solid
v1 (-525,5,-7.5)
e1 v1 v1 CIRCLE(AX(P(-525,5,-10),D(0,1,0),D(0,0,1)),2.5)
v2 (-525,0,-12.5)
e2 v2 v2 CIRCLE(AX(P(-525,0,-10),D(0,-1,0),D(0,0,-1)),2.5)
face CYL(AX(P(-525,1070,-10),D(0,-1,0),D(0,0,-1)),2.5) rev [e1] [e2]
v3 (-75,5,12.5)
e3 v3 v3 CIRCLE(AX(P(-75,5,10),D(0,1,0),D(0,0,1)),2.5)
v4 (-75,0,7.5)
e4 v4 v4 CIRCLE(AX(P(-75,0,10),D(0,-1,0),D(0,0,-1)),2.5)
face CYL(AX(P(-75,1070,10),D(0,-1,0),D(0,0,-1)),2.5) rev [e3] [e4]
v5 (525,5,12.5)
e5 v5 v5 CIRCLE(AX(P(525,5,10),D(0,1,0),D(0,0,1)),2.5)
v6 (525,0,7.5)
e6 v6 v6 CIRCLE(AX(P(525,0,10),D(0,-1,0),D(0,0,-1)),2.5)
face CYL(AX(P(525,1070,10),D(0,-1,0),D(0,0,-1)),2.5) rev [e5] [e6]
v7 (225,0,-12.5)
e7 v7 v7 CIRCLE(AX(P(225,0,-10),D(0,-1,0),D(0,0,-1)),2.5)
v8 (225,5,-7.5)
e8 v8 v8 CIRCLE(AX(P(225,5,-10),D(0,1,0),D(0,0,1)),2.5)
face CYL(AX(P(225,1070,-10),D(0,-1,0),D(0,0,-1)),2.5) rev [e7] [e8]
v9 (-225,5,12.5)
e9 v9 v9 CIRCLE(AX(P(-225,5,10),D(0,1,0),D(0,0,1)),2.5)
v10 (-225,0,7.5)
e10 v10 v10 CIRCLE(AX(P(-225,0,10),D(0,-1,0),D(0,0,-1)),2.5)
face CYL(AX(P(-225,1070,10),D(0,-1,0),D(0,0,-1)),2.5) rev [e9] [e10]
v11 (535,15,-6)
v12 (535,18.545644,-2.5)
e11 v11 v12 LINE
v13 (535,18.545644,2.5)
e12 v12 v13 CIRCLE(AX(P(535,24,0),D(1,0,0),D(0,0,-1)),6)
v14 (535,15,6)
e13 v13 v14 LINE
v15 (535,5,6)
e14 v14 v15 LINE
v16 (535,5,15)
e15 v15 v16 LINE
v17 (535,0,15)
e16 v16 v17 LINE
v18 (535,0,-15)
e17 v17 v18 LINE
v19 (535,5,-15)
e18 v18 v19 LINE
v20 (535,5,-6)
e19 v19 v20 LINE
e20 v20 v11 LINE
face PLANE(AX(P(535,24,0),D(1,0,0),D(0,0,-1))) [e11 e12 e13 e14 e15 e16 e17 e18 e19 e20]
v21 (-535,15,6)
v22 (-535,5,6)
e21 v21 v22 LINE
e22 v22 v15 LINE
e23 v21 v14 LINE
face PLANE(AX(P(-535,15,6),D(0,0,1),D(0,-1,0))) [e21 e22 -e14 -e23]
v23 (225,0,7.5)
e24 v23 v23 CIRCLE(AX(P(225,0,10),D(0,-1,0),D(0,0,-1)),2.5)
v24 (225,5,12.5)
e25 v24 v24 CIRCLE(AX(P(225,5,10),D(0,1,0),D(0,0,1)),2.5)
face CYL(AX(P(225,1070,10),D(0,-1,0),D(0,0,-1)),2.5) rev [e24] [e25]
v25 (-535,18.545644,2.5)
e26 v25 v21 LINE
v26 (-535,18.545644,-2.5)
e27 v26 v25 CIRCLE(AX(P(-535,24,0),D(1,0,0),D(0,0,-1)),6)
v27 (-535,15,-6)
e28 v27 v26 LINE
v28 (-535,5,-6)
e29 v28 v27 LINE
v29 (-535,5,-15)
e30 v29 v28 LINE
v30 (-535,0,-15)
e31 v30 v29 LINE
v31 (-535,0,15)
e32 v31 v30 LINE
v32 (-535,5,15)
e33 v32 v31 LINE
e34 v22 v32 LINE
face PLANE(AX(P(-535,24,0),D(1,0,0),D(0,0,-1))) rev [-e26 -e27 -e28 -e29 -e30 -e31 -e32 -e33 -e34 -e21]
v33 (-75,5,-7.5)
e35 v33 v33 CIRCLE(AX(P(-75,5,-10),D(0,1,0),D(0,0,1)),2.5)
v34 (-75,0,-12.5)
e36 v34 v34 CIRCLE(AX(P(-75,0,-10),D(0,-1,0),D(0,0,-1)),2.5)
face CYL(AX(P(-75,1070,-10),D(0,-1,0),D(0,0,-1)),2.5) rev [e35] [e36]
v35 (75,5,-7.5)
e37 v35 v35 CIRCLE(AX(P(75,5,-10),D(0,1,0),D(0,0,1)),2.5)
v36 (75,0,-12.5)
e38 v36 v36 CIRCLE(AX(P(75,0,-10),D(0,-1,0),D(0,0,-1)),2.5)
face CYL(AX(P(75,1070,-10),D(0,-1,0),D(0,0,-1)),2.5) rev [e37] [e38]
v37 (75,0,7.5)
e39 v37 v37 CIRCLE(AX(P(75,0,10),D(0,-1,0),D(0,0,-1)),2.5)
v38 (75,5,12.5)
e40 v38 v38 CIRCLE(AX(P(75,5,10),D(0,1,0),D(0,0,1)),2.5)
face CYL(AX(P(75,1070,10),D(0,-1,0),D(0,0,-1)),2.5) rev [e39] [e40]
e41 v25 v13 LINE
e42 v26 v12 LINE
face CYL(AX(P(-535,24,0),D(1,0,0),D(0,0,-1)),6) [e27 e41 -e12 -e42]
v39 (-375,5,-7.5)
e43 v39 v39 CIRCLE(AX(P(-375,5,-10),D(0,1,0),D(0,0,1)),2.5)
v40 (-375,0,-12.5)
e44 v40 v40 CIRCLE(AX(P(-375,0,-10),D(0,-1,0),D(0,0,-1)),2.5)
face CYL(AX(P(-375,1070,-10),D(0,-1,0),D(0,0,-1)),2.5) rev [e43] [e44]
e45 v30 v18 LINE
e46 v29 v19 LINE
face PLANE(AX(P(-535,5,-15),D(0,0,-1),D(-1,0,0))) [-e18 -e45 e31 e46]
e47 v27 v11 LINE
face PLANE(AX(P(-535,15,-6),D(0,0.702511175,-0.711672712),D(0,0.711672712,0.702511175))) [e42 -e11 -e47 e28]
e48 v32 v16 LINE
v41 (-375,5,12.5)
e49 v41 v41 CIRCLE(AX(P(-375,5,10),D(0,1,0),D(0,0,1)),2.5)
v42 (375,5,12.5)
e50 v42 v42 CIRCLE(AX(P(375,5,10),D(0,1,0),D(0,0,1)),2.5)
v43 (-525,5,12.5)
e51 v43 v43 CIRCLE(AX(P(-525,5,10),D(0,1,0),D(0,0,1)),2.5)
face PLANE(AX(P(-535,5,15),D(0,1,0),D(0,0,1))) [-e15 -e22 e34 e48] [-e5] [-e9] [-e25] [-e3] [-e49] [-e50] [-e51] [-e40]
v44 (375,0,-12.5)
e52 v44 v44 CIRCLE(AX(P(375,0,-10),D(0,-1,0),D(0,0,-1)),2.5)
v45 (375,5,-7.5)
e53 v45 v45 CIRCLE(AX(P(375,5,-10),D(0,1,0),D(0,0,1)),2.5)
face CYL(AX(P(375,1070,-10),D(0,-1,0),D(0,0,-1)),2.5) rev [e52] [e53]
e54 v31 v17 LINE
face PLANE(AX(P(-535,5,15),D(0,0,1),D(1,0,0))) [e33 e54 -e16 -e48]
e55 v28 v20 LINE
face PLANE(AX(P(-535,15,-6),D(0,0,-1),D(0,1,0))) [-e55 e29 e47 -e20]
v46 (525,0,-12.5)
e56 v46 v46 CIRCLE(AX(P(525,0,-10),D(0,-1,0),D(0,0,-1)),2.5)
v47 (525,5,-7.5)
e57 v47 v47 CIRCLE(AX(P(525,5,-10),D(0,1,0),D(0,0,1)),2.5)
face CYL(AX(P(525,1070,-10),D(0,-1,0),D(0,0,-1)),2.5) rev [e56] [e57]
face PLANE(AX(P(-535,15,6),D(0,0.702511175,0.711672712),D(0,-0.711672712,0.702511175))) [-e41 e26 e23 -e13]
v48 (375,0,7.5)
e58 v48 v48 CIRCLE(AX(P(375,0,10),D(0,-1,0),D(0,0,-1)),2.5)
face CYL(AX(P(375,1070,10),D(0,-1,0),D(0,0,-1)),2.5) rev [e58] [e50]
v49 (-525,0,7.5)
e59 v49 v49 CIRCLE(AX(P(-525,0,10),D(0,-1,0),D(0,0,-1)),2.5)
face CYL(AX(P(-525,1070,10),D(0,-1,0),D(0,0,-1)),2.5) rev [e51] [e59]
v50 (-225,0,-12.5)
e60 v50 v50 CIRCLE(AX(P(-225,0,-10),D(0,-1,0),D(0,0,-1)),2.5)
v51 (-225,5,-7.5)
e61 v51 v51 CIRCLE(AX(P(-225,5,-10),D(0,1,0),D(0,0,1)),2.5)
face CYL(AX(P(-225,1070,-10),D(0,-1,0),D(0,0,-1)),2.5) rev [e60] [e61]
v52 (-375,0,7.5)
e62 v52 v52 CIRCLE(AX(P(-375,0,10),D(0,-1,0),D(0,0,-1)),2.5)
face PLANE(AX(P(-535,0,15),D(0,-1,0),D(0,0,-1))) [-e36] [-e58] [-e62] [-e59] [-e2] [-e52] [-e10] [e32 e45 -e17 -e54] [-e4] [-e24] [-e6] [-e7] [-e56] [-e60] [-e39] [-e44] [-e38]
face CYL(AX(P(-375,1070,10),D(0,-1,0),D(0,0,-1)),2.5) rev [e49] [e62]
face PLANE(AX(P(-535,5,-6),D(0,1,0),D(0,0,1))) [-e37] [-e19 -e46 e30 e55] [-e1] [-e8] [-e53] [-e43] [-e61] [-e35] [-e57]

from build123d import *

# Parameters (mm, degrees)
EXTRUDE_1_DEPTH        = 535
SKETCH_2_R             = 2.5
CUT_EXTRUDE_1_DEPTH    = 1070
PATTERN_LINEAR_1_COUNT = 8
PATTERN_LINEAR_1_PITCH = 150


with BuildPart() as part:
    # Эскиз1 → Бобышка-Вытянуть1 (new, symmetric)
    with BuildSketch(Plane(origin=(0, 0, 0), x_dir=(0, 0, -1), z_dir=(1, 0, 0))):
        with BuildLine():
            Line((-6, 15), (-2.5, 18.545643943))
            ThreePointArc((-2.5, 18.545643943), (0, 30), (2.5, 18.545643943))
            Line((2.5, 18.545643943), (6, 15))
            Line((6, 15), (6, 5))
            Line((6, 5), (15, 5))
            Line((15, 5), (15, 0))
            Line((15, 0), (-15, 0))
            Line((-15, 0), (-15, 5))
            Line((-15, 5), (-6, 5))
            Line((-6, 5), (-6, 15))
        make_face()
    extrude(amount=EXTRUDE_1_DEPTH, both=True)

    # Эскиз2 → Вырез-Вытянуть1 (cut)
    with BuildSketch(Plane.XZ):
        with Locations(Location((-525, 10, 0), (0, 0, 270))):
            Circle(SKETCH_2_R)
        with Locations(Location((-525, -10, 0), (0, 0, 270))):
            Circle(SKETCH_2_R)
    cut_extrude_1 = extrude(amount=-CUT_EXTRUDE_1_DEPTH, mode=Mode.SUBTRACT)

    # Линейный массив1: Вырез-Вытянуть1 ×8
    with Locations(*[(i * PATTERN_LINEAR_1_PITCH, 0, 0) for i in range(1, PATTERN_LINEAR_1_COUNT)]):
        add(cut_extrude_1, mode=Mode.SUBTRACT)


solid = part.part
